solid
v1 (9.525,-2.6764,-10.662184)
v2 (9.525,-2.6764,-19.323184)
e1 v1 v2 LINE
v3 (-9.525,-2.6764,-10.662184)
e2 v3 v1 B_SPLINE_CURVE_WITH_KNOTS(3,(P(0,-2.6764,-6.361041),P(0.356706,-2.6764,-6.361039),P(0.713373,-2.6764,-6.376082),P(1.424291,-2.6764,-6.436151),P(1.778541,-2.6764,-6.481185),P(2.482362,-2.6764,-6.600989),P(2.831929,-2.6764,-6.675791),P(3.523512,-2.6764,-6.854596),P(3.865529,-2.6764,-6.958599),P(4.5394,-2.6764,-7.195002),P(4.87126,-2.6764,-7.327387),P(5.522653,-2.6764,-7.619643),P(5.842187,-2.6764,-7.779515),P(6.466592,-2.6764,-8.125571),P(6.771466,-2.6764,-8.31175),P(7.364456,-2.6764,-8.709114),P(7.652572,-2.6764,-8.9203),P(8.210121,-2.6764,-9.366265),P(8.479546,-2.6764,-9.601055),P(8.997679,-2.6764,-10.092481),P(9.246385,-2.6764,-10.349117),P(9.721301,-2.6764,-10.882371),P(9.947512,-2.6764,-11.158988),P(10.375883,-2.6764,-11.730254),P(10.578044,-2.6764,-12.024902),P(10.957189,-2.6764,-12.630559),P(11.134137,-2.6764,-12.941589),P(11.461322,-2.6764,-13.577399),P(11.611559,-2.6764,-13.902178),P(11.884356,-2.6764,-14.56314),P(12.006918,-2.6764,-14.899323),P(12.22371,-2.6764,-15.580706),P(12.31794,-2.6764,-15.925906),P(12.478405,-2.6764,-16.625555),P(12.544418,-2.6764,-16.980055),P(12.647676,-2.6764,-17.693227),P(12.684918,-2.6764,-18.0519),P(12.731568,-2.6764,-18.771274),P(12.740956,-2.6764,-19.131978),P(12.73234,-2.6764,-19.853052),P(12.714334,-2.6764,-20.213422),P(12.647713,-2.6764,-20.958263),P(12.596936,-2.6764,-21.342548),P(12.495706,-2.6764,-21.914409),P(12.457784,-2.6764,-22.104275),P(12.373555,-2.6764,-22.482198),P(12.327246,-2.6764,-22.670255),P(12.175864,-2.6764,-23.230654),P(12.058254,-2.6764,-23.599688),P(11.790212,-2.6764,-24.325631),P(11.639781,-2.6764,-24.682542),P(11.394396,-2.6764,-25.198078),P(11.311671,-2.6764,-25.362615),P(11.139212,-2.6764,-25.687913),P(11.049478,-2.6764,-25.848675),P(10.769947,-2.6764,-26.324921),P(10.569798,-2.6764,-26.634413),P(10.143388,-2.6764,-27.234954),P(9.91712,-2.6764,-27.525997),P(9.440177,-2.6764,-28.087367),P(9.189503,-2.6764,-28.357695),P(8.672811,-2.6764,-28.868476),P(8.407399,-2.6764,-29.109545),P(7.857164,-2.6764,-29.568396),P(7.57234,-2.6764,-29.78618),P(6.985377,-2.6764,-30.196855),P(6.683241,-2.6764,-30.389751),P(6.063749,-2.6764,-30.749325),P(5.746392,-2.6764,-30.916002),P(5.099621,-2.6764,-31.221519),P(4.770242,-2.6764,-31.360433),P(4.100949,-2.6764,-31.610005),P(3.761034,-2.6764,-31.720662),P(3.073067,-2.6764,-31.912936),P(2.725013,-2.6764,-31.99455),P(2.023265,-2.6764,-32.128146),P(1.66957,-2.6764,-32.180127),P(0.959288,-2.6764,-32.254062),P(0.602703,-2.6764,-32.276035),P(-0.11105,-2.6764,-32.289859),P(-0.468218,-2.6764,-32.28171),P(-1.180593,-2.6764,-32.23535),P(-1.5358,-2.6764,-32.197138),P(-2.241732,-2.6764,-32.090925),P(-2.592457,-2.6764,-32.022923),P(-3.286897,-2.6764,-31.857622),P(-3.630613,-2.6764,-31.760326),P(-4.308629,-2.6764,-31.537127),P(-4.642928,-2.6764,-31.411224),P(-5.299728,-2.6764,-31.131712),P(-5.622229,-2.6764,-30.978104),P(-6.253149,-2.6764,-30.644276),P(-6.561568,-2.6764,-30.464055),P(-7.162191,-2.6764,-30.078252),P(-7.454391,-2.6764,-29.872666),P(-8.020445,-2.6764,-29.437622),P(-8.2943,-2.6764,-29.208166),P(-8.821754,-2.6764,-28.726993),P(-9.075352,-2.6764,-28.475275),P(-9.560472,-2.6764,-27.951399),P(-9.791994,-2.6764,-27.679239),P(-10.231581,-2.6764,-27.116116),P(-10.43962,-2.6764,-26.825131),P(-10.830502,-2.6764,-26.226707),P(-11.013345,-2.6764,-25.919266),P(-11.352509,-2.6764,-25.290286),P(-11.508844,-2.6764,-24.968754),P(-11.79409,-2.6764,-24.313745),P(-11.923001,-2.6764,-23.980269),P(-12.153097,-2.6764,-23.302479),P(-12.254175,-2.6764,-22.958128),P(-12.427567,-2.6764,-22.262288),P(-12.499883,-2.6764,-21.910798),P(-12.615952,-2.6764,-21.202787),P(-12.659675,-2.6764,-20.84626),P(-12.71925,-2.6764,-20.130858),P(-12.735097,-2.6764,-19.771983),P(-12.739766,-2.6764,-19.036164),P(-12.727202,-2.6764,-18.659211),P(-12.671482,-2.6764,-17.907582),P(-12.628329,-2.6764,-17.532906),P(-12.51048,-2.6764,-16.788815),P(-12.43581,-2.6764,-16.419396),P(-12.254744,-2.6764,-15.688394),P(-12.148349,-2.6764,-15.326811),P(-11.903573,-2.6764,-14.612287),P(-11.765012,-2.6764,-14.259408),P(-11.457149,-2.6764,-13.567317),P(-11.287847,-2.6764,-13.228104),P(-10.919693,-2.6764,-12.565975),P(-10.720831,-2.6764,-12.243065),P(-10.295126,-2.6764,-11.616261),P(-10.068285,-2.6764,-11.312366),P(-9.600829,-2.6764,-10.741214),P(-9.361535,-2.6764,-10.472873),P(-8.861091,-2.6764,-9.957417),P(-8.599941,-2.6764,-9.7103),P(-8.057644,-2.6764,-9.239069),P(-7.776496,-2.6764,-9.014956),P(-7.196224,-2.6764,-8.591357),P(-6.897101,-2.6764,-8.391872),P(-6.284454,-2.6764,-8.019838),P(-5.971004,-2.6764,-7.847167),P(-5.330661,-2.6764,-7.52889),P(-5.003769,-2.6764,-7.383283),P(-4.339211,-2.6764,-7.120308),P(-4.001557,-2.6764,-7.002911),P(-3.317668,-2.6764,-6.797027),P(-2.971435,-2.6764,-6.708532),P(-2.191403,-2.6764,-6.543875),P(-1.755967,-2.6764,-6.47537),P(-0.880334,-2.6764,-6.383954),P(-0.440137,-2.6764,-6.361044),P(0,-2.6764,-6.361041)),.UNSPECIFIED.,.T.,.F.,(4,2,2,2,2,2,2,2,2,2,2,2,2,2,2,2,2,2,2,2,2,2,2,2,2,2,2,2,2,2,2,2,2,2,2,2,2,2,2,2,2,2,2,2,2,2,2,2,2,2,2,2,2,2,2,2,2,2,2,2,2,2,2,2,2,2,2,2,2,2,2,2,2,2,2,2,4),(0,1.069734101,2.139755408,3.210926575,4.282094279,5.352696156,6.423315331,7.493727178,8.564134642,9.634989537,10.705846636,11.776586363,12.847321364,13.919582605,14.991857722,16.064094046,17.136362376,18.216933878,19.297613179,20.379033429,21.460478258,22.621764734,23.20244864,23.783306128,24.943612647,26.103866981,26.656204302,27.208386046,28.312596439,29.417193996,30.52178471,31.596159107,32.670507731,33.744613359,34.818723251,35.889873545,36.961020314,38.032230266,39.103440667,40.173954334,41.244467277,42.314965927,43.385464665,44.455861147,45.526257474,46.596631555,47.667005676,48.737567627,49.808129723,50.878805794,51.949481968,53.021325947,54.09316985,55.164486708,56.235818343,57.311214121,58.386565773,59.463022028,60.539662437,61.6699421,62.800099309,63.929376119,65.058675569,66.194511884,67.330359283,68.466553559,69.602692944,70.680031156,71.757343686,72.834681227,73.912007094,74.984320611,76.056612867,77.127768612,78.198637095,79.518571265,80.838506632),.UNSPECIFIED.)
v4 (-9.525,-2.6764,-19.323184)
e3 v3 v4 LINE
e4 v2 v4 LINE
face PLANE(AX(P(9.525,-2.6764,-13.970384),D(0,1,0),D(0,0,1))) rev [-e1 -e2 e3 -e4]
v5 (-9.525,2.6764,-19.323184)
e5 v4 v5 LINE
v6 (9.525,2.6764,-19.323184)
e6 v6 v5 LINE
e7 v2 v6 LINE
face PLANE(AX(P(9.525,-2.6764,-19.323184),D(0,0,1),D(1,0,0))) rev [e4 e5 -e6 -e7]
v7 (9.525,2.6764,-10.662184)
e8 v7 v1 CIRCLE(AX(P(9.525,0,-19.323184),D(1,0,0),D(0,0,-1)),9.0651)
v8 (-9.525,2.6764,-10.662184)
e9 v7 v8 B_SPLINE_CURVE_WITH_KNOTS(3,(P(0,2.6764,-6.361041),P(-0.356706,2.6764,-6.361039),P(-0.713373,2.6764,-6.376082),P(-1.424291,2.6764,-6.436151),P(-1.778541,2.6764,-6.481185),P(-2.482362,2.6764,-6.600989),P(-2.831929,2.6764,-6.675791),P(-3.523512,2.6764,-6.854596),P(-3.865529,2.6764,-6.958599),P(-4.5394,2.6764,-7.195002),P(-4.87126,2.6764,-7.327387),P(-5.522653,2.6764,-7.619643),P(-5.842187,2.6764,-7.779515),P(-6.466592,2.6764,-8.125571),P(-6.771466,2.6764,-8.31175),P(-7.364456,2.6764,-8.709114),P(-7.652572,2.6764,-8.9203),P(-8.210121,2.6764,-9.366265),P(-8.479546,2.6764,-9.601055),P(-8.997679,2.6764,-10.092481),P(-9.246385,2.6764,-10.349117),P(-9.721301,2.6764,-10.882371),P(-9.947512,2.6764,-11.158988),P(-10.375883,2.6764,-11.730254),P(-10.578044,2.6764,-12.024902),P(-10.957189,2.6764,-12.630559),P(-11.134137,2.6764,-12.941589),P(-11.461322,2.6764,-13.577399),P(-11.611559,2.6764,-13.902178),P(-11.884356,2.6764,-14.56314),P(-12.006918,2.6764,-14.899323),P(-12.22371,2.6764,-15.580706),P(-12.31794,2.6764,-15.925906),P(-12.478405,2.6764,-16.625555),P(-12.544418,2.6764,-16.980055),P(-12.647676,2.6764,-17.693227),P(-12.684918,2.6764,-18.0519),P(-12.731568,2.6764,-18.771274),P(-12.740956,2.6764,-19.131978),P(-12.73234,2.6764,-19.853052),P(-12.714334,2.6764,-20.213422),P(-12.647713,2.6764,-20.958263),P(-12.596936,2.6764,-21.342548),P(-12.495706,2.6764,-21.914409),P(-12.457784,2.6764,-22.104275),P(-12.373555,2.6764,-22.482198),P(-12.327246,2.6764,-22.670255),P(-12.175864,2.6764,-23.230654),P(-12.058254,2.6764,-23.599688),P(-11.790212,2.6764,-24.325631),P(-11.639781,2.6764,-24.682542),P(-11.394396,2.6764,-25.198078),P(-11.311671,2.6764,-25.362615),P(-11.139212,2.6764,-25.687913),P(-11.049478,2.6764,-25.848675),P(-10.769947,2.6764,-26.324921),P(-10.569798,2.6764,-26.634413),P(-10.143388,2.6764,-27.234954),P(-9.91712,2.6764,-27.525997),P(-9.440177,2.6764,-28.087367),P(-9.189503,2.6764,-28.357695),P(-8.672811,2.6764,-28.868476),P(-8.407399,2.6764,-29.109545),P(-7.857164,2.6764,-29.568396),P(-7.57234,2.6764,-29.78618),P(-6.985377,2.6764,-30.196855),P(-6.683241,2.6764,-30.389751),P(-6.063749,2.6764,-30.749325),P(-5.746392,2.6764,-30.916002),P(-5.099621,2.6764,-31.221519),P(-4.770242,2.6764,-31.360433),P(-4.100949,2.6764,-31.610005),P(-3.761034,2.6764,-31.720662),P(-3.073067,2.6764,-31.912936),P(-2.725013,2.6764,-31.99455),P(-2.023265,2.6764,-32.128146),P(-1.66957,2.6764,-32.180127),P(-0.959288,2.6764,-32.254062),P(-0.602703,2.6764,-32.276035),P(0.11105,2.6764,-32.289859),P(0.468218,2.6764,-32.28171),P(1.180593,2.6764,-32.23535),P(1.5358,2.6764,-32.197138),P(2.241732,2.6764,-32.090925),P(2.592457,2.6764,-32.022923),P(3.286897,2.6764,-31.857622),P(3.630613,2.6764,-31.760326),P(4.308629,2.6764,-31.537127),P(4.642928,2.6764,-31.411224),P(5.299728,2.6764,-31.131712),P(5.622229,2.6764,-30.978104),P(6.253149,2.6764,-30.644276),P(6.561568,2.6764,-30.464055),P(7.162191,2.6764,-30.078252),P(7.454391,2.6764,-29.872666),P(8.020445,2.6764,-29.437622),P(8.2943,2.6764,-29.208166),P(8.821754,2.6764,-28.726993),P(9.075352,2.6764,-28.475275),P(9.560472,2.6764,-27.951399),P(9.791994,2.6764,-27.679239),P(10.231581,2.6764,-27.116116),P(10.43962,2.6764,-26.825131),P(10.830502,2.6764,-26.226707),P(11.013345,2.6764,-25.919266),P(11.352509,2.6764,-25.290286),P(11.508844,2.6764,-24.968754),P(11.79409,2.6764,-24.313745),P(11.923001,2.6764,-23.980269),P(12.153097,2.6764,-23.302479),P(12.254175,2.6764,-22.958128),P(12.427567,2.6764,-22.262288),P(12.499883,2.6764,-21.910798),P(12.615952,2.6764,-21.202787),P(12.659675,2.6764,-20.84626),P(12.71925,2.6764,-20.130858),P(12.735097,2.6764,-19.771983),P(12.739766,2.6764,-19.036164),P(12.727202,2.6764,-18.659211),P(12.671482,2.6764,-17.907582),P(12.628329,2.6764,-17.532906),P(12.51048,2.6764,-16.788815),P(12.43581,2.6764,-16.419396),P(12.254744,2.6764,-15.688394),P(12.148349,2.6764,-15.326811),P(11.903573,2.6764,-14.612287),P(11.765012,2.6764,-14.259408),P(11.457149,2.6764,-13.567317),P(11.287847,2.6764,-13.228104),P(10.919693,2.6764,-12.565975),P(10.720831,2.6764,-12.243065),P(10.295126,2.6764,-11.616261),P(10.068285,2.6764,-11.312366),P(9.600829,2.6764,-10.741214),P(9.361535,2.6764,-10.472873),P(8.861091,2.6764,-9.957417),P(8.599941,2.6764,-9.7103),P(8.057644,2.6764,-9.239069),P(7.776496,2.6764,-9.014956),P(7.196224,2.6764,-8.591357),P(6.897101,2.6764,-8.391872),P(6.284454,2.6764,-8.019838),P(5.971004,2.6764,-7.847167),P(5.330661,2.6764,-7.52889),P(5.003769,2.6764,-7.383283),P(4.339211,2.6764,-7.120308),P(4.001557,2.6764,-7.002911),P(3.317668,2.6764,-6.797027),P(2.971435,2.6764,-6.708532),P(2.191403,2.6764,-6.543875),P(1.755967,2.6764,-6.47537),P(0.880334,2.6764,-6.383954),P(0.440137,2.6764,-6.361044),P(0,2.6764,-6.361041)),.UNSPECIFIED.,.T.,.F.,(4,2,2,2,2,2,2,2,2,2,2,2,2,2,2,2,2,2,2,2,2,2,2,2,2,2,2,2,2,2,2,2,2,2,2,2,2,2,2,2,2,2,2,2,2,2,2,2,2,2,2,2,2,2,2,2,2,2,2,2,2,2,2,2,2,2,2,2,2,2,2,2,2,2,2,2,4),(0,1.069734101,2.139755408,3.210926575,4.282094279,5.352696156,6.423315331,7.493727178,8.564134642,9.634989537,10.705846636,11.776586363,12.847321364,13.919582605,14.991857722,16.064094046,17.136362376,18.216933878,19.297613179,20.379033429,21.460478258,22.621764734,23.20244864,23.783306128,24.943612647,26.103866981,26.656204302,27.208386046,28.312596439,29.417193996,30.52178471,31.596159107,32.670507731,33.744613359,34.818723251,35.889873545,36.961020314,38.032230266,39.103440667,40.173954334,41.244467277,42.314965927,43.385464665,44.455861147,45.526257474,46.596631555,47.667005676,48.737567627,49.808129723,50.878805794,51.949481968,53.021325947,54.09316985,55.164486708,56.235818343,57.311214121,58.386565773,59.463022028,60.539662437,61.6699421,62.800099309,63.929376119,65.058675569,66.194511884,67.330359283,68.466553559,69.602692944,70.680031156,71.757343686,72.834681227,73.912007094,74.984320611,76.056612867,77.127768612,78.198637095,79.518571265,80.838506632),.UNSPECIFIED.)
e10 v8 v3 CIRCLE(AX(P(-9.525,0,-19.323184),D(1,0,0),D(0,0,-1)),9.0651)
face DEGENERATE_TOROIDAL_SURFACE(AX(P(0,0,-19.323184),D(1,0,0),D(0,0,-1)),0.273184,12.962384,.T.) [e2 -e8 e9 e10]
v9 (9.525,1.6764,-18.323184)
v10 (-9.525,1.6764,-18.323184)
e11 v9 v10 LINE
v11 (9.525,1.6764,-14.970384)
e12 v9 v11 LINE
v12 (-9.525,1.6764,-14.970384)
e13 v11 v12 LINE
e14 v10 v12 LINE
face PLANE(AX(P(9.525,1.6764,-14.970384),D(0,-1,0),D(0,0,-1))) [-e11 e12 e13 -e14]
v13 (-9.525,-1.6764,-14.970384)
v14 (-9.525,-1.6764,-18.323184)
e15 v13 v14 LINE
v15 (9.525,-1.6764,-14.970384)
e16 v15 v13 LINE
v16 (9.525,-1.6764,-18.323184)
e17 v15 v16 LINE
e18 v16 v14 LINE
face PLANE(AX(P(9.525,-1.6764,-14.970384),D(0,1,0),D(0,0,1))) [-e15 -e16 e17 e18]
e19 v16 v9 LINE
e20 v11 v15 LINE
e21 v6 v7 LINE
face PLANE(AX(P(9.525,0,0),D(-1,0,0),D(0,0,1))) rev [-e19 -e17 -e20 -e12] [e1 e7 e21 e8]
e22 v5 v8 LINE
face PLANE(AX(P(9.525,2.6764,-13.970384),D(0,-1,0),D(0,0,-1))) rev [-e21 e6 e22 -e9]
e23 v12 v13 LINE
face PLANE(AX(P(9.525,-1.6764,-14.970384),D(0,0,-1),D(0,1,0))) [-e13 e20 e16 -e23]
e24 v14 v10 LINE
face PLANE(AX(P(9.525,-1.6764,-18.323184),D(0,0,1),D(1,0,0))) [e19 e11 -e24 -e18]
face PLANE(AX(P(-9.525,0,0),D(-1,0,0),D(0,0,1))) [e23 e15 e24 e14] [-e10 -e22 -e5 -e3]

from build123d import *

# Parameters (mm, degrees)
SKETCH1_W           = 5.3528
SKETCH1_H           = 5.3528
SKETCH1_W_2         = 3.3528
SKETCH1_H_2         = 3.3528
BOSS_EXTRUDE1_DEPTH = 9.525
BOSS_EXTRUDE2_START = -5.3528
BOSS_EXTRUDE2_DEPTH = 5.3528


with BuildPart() as part:
    # Sketch1 → Boss-Extrude1 (new, symmetric)
    with BuildSketch(Plane(origin=(0, 0, 0), x_dir=(0, 0, -1), z_dir=(1, 0, 0))):
        with Locations((16.646784182, 0)):
            Rectangle(SKETCH1_W, SKETCH1_H)
        with Locations((16.646784182, 0)):
            Rectangle(SKETCH1_W_2, SKETCH1_H_2, mode=Mode.SUBTRACT)
    extrude(amount=BOSS_EXTRUDE1_DEPTH, both=True)

    # Sketch2 → Boss-Extrude2 (add)
    with BuildSketch(Plane.XZ.offset(2.6764).offset(BOSS_EXTRUDE2_START)):
        with BuildLine():
            Line((-9.525, -13.970384182), (-9.525, -10.258084471))
            ThreePointArc((-9.525, -10.258084471), (0, -6.087615818), (9.525, -10.258084471))
            Line((9.525, -10.258084471), (9.525, -13.970384182))
            Line((9.525, -13.970384182), (-9.525, -13.970384182))
        make_face()
    extrude(amount=BOSS_EXTRUDE2_DEPTH)

    # Sketch3 → Cut-Revolve1 (revolve, cut)
    with BuildSketch(Plane(origin=(0, 0, 0), x_dir=(1, 0, 0), z_dir=(0, 1, 0))):
        with BuildLine():
            Line((-9.525, 10.258084471), (-9.525, -8.791915529))
            Line((-9.525, -8.791915529), (9.525, -8.791915529))
            Line((9.525, -8.791915529), (9.525, 10.258084471))
            ThreePointArc((9.525, 10.258084471), (0, 6.087615818), (-9.525, 10.258084471))
        make_face()
    revolve(axis=Axis((9.525, 0, -19.323184182), (-1, 0, 0)), mode=Mode.SUBTRACT)


solid = part.part
